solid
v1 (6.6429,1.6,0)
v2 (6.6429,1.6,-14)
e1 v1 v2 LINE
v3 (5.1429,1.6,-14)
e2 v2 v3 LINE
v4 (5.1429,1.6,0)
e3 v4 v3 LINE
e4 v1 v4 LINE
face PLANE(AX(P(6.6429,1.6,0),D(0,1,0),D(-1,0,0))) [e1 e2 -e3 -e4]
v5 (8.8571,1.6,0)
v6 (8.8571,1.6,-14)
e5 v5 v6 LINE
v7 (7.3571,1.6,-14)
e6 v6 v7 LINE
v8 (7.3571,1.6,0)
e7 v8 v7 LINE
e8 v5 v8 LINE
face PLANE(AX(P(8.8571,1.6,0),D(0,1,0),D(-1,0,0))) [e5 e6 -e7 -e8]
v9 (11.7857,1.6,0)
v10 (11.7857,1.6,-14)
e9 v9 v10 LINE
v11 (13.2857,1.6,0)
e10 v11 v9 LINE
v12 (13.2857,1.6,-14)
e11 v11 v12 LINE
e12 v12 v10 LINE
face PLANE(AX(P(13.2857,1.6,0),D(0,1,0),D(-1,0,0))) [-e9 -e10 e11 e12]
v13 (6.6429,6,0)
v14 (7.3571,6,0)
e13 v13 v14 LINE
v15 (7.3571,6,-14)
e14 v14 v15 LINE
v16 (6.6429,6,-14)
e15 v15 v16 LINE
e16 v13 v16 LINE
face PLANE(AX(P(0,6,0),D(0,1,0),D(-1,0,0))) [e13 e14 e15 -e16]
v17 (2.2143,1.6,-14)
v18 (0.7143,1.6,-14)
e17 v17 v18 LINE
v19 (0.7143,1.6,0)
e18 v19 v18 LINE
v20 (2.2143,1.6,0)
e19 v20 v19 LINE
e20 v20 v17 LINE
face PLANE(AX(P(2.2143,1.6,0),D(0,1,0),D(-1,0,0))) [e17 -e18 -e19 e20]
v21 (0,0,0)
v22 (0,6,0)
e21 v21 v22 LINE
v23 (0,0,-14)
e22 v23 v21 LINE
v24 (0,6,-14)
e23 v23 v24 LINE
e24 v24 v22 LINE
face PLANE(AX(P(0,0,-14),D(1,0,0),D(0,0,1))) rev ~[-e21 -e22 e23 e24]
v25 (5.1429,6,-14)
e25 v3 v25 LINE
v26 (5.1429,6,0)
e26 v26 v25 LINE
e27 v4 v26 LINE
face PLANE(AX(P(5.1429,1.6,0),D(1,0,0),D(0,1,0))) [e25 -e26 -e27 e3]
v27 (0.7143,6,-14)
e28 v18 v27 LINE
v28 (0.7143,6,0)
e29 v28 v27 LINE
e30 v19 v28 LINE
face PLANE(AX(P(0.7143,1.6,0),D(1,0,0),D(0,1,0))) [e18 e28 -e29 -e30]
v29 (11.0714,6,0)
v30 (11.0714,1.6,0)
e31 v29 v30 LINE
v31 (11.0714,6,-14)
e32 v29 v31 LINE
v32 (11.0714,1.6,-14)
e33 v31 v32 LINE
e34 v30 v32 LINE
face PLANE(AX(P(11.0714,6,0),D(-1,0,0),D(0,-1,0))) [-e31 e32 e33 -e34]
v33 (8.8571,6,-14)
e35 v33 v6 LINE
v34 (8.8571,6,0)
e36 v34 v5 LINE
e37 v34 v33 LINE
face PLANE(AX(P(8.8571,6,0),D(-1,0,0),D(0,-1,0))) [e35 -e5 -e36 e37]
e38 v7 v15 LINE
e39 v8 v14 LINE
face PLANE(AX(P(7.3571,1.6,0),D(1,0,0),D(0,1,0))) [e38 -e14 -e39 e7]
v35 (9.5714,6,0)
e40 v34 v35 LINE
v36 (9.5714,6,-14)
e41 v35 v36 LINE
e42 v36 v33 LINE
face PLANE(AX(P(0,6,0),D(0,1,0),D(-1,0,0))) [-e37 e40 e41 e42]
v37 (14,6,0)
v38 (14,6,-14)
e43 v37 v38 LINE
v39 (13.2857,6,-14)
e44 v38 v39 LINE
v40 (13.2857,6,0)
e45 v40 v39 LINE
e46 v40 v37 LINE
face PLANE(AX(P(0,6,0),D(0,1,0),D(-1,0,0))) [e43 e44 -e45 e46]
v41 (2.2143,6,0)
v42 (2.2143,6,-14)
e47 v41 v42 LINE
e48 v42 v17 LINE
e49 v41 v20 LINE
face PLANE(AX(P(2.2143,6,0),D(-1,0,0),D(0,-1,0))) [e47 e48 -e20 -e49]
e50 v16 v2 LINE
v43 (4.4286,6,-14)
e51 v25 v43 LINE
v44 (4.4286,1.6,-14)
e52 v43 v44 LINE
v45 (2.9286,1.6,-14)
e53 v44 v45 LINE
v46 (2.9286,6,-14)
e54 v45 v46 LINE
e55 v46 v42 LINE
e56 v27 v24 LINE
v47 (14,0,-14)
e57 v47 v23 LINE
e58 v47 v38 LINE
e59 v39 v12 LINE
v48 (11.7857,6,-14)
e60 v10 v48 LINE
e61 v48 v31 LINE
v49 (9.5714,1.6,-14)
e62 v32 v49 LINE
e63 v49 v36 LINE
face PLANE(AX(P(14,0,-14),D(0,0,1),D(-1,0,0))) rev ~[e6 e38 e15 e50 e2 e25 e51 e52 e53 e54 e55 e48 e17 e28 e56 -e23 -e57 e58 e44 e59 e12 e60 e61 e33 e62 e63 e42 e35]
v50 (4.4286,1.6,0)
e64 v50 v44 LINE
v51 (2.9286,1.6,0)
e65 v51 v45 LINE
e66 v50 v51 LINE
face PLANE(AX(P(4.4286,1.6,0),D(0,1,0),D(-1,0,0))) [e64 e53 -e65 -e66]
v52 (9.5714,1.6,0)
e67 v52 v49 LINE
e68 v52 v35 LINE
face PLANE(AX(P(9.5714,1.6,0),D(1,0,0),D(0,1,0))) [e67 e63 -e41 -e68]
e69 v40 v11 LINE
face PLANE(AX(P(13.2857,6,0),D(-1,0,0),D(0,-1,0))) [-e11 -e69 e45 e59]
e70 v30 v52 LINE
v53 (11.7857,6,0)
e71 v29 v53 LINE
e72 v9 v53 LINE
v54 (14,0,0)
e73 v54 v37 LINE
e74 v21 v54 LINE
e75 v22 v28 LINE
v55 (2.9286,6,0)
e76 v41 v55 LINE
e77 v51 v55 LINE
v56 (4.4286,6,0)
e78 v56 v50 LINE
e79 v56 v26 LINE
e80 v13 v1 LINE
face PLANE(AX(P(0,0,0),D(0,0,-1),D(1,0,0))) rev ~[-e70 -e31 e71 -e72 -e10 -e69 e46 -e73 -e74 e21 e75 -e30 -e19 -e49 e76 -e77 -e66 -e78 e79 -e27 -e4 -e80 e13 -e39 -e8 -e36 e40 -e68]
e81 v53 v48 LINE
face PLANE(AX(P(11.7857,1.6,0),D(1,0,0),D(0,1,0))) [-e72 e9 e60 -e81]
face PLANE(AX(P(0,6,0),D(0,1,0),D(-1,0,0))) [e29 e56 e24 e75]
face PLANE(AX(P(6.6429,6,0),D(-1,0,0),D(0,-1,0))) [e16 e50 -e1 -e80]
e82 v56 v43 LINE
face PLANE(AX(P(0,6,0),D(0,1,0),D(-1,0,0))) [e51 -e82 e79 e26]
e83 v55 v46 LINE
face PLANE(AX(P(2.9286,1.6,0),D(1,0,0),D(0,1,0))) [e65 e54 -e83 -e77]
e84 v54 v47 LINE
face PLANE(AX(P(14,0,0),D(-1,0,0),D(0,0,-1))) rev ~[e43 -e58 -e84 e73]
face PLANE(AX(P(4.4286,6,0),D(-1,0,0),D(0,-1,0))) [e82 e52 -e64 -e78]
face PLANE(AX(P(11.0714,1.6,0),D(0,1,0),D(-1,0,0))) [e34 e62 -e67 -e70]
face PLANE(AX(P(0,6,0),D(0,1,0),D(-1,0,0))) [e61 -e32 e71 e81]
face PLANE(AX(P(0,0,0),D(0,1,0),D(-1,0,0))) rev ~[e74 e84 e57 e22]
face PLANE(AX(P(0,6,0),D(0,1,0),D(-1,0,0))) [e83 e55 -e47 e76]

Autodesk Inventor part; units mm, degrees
ref_plane "YZ Plane" through (0, 0, 0) normal (1, 0, 0) x (0, 1, 0)
ref_plane "XZ Plane" through (0, 0, 0) normal (0, 1, 0) x (-1, 0, 0)
ref_plane "XY Plane" through (0, 0, 0) normal (0, 0, 1) x (1, 0, 0)
sketch "Sketch1" plane through (0, 0, 0) normal (0, 1, 0) x (-1, 0, 0)
  line L0 (0, 0) -> (-14, 0)
  line L1 (-14, 0) -> (-14, -14)
  line L2 (-14, -14) -> (0, -14)
  line L3 (0, -14) -> (0, 0)
  dimension "d0" = 14
  dimension "d1" = 14
extrude "Extrusion1" add sketch "Sketch1" along normal blind 6
sketch "Sketch2" plane through (0, 0, 0) normal (0, 0, 1) x (1, 0, 0)
  line L0 (0, 0) -> (14, 0) projected
  line L1 (14, 0) -> (14, 6) projected
  line L2 (0, 6) -> (14, 6) projected
  line L3 (0, 0) -> (0, 6) projected
  line L4 (0.7143, 6) -> (2.2143, 6)
  line L5 (2.2143, 6) -> (2.2143, 1.6)
  line L6 (2.2143, 1.6) -> (0.7143, 1.6)
  line L7 (0.7143, 1.6) -> (0.7143, 6)
  line L8 (0.7143, 3.8) -> (0, 3.8) construction
  line L9 (4.4286, 6) -> (4.4286, 1.6)
  line L10 (4.4286, 1.6) -> (2.9286, 1.6)
  line L11 (2.9286, 1.6) -> (2.9286, 6)
  line L12 (2.9286, 3.8) -> (2.2143, 3.8) construction
  line L13 (6.6429, 6) -> (6.6429, 1.6)
  line L14 (6.6429, 1.6) -> (5.1429, 1.6)
  line L15 (5.1429, 1.6) -> (5.1429, 6)
  line L16 (5.1429, 3.8) -> (4.4286, 3.8) construction
  line L17 (8.8571, 6) -> (8.8571, 1.6)
  line L18 (8.8571, 1.6) -> (7.3571, 1.6)
  line L19 (7.3571, 1.6) -> (7.3571, 6)
  line L20 (7.3571, 3.8) -> (6.6429, 3.8) construction
  line L21 (11.0714, 6) -> (11.0714, 1.6)
  line L22 (11.0714, 1.6) -> (9.5714, 1.6)
  line L23 (9.5714, 1.6) -> (9.5714, 6)
  line L24 (9.5714, 3.8) -> (8.8571, 3.8) construction
  line L25 (0, 6) -> (14, 6) projected
  line L26 (13.2857, 6) -> (13.2857, 1.6)
  line L27 (13.2857, 1.6) -> (11.7857, 1.6)
  line L28 (11.7857, 1.6) -> (11.7857, 6)
  line L29 (11.7857, 3.8) -> (11.0714, 3.8) construction
  line L30 (13.2857, 3.8) -> (14, 3.8) construction
  dimension "d4" = 6
  dimension "d5" = 1.6
  dimension "d6" = 1.5
  dimension "d8" = 1.5
  dimension "d9" = 1.5
  dimension "d10" = 1.5
  dimension "d11" = 1.5
  dimension "d12" = 1.5
extrude "Extrusion2" cut sketch "Sketch2" against normal through all contours L2 L5 L6 L7 | L26 L27 L28 L2 | L2 L9 L10 L11 | L21 L22 L23 L2 | L2 L13 L14 L15 | L17 L18 L19 L2
properties part number "HEATSINK14x14" material "Aluminum 6061"
